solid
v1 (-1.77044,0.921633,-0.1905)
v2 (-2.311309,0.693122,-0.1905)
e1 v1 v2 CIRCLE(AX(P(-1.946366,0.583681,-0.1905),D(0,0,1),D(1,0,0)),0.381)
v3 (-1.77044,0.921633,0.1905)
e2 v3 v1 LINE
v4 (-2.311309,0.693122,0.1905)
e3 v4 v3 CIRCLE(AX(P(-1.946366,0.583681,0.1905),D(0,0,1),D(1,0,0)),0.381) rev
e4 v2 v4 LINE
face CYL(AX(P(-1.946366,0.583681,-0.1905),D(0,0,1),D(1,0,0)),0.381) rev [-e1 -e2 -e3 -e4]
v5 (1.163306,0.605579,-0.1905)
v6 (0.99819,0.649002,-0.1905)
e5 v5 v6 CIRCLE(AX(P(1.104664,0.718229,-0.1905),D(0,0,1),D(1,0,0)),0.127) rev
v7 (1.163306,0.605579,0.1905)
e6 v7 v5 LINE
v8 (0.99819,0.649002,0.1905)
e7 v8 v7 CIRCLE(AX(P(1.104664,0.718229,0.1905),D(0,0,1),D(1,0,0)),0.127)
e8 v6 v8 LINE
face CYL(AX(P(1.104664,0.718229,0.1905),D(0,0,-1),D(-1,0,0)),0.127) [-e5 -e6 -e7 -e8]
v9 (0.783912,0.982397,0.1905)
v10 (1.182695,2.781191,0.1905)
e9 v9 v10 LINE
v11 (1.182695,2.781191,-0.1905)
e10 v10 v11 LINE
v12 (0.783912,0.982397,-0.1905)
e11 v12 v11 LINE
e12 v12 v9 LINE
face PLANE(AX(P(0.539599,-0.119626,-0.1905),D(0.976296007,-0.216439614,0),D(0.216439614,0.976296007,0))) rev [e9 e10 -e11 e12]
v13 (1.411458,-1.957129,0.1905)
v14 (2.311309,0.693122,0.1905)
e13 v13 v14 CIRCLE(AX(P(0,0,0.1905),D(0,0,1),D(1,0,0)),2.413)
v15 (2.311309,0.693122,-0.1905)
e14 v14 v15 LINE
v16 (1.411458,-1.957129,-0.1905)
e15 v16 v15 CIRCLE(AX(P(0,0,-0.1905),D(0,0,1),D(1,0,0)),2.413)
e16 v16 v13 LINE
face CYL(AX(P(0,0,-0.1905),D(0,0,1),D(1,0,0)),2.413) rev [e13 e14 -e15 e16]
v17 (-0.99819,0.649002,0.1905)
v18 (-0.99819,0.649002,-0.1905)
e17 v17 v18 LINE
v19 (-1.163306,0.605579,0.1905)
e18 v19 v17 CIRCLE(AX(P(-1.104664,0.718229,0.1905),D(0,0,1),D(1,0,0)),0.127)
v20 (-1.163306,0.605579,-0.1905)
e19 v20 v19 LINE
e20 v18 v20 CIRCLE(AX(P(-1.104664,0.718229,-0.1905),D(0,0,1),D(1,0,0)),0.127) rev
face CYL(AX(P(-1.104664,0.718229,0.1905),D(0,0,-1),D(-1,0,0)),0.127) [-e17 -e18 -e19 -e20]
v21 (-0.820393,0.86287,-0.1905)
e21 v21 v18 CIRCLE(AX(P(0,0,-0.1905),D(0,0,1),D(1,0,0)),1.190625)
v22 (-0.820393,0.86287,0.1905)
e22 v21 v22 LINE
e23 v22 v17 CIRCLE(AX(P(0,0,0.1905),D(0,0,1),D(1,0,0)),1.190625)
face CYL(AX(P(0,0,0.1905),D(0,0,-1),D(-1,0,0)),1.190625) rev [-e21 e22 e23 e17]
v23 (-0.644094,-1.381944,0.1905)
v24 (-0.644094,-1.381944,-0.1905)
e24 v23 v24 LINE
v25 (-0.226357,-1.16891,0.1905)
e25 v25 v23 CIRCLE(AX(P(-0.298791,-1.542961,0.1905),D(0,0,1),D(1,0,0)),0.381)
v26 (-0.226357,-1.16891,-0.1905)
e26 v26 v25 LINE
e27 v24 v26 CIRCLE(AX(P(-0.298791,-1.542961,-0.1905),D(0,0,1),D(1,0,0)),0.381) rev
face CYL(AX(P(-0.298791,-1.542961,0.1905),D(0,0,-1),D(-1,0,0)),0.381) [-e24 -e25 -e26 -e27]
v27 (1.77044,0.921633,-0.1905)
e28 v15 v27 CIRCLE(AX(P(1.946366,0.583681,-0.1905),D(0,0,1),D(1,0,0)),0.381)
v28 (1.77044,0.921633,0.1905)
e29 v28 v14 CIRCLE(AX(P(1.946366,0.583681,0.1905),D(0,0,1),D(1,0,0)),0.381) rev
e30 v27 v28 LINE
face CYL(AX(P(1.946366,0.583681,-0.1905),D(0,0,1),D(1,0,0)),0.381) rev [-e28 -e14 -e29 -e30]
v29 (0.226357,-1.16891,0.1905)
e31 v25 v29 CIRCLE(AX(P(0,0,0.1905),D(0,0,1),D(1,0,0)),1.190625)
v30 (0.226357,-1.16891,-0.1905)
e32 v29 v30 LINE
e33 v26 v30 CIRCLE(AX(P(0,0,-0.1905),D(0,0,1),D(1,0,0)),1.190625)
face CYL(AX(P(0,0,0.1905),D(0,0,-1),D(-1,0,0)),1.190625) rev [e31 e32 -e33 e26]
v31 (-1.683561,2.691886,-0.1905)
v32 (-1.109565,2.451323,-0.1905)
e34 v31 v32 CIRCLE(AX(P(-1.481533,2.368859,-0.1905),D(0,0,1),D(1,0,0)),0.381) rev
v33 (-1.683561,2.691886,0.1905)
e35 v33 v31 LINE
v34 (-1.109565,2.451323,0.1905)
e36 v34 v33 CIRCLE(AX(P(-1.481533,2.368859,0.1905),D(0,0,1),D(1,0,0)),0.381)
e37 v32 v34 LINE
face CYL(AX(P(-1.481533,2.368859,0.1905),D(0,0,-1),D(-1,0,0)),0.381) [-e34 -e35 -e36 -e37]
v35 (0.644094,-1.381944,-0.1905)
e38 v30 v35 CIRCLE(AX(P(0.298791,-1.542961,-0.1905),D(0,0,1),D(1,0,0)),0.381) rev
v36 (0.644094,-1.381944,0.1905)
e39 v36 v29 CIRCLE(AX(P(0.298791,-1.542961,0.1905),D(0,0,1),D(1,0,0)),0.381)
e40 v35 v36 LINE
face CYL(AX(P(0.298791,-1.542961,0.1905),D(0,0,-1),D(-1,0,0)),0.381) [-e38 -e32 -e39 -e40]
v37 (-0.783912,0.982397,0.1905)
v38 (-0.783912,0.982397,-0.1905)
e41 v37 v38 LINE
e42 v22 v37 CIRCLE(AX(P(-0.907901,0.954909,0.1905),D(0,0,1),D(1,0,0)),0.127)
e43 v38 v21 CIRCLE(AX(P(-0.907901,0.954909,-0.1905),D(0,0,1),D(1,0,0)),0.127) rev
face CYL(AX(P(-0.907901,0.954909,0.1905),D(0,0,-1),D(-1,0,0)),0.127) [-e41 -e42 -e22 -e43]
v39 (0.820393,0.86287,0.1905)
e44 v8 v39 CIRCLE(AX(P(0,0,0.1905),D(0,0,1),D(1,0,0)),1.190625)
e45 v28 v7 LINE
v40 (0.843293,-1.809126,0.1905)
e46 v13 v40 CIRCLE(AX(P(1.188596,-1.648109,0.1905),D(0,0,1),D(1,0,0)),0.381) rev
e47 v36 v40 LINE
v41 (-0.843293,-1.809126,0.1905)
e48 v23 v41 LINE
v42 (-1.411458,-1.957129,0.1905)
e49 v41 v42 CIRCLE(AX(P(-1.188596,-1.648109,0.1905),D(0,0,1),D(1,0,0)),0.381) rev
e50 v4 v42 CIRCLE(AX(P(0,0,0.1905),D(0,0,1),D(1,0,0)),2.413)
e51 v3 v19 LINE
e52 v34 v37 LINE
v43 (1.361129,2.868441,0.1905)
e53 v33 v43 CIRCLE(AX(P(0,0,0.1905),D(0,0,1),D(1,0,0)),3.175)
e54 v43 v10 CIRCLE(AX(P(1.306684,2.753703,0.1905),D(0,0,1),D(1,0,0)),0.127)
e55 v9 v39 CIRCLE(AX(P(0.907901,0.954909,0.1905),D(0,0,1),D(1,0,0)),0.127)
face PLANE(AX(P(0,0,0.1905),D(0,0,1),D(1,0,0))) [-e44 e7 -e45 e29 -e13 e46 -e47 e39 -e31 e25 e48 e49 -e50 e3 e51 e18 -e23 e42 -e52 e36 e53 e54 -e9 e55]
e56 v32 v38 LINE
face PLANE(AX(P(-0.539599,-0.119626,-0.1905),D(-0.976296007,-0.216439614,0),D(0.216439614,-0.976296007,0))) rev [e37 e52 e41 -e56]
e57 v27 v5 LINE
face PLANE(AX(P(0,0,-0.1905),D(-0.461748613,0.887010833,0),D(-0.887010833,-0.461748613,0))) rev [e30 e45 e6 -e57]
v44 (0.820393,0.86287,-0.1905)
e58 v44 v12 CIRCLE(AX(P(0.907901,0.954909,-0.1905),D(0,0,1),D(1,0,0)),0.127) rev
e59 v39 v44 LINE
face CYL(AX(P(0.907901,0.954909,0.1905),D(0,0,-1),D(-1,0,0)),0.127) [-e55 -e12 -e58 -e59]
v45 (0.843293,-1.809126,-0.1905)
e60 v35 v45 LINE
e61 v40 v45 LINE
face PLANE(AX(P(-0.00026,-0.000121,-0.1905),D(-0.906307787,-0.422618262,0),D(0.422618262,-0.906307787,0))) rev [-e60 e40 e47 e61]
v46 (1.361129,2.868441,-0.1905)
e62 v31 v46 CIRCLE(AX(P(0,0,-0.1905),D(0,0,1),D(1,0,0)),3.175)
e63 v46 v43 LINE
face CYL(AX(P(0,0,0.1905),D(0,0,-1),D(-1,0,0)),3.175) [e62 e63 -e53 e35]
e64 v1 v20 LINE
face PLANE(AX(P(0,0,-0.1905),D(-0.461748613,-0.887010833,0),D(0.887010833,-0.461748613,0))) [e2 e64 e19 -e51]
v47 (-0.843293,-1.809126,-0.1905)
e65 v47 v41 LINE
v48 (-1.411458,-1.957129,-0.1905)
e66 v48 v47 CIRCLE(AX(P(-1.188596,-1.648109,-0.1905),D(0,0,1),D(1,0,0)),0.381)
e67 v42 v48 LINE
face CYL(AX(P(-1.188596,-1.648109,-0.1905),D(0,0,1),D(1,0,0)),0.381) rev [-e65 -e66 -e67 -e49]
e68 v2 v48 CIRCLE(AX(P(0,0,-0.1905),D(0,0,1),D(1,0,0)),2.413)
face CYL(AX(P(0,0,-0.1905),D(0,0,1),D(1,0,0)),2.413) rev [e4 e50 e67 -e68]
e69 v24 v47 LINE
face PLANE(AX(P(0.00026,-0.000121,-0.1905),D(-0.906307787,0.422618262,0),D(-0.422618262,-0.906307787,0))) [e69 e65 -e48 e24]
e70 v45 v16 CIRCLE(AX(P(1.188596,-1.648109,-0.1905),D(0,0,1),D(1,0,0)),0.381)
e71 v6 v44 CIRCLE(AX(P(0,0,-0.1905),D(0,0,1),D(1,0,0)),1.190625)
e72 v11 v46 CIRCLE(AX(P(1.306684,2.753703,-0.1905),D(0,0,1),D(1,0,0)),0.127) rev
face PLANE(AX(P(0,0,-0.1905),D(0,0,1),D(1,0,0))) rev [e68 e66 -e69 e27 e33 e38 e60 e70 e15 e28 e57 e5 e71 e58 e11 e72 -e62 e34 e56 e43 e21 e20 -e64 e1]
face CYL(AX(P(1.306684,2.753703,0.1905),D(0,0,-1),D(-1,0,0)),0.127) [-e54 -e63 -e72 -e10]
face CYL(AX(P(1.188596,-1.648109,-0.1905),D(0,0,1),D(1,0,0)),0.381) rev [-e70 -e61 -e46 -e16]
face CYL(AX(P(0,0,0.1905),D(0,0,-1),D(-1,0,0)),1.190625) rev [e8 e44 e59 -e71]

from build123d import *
from OCP.BRepFilletAPI import BRepFilletAPI_MakeFillet

# Parameters (mm, degrees)
SKETCH1_R           = 3.175
SKETCH1_R_2         = 1.190625
BOSS_EXTRUDE1_DEPTH = 0.1905
CUT_EXTRUDE1_DEPTH  = 5.50626353
CUT_EXTRUDE2_DEPTH  = 5.50626353
FILLET1_R1          = 0.381
FILLET1_R2          = 0.127


with BuildPart() as part:
    # Sketch1 → Boss-Extrude1 (new, symmetric)
    with BuildSketch(Plane.XY):
        Circle(SKETCH1_R)
        Circle(SKETCH1_R_2, mode=Mode.SUBTRACT)
    extrude(amount=BOSS_EXTRUDE1_DEPTH, both=True)

    # Sketch2 → Cut-Extrude1 (cut, through all)
    with BuildSketch(Plane.XY.offset(0.1905)):
        with BuildLine():
            Line((-1.216302436, 2.932785942), (-0.767848913, 0.909942821))
            ThreePointArc((-0.767848913, 0.909942821), (0, 1.190625), (0.767848913, 0.909942821))
            Line((0.767848913, 0.909942821), (1.216302436, 2.932785942))
            ThreePointArc((1.216302436, 2.932785942), (0, 3.175), (-1.216302436, 2.932785942))
        make_face()
    extrude(amount=-CUT_EXTRUDE1_DEPTH, mode=Mode.SUBTRACT)

    # Sketch3 → Cut-Extrude2 (cut, through all)
    with BuildSketch(Plane.XY.offset(0.1905)):
        with BuildLine():
            Line((-1.056097273, 0.549769443), (-2.14035714, 1.114199404))
            ThreePointArc((-2.14035714, 1.114199404), (-2.284896317, -0.775769179), (-1.019518005, -2.187041846))
            Line((-1.019518005, -2.187041846), (-0.50292, -1.079193849))
            ThreePointArc((-0.50292, -1.079193849), (-1.127392596, -0.382849611), (-1.056097273, 0.549769443))
        make_face()
        with BuildLine():
            Line((0.50292, -1.079193849), (1.019518005, -2.187041846))
            ThreePointArc((1.019518005, -2.187041846), (2.284896317, -0.775769179), (2.14035714, 1.114199404))
            Line((2.14035714, 1.114199404), (1.056097273, 0.549769443))
            ThreePointArc((1.056097273, 0.549769443), (1.127392596, -0.382849611), (0.50292, -1.079193849))
        make_face()
    extrude(amount=-CUT_EXTRUDE2_DEPTH, mode=Mode.SUBTRACT)

    # Fillet1: one fillet with a radius per group of edges: ONE call of the kernel's fillet builder (fillet() takes one radius for all edges)
    fillet1_edges_1 = [part.edges().sort_by_distance(p)[0] for p in [
        (-1.216302436, 2.932785942, 0),
        (-2.14035714, 1.114199404, 0),
        (-1.019518005, -2.187041846, 0),
        (-0.50292, -1.079193849, 0),
        (0.50292, -1.079193849, 0),
        (1.019518005, -2.187041846, 0),
        (2.14035714, 1.114199404, 0),
    ]]
    fillet1_edges_2 = [part.edges().sort_by_distance(p)[0] for p in [
        (1.216302436, 2.932785942, 0),
        (-0.767848913, 0.909942821, 0),
        (-1.056097273, 0.549769443, 0),
        (1.056097273, 0.549769443, 0),
        (0.767848913, 0.909942821, 0),
    ]]
    fillet1 = BRepFilletAPI_MakeFillet(part.part.solid().wrapped)
    for e in fillet1_edges_1:
        fillet1.Add(FILLET1_R1, e.wrapped)
    for e in fillet1_edges_2:
        fillet1.Add(FILLET1_R2, e.wrapped)
    add(Compound.cast(fillet1.Shape()), mode=Mode.REPLACE)


solid = part.part
